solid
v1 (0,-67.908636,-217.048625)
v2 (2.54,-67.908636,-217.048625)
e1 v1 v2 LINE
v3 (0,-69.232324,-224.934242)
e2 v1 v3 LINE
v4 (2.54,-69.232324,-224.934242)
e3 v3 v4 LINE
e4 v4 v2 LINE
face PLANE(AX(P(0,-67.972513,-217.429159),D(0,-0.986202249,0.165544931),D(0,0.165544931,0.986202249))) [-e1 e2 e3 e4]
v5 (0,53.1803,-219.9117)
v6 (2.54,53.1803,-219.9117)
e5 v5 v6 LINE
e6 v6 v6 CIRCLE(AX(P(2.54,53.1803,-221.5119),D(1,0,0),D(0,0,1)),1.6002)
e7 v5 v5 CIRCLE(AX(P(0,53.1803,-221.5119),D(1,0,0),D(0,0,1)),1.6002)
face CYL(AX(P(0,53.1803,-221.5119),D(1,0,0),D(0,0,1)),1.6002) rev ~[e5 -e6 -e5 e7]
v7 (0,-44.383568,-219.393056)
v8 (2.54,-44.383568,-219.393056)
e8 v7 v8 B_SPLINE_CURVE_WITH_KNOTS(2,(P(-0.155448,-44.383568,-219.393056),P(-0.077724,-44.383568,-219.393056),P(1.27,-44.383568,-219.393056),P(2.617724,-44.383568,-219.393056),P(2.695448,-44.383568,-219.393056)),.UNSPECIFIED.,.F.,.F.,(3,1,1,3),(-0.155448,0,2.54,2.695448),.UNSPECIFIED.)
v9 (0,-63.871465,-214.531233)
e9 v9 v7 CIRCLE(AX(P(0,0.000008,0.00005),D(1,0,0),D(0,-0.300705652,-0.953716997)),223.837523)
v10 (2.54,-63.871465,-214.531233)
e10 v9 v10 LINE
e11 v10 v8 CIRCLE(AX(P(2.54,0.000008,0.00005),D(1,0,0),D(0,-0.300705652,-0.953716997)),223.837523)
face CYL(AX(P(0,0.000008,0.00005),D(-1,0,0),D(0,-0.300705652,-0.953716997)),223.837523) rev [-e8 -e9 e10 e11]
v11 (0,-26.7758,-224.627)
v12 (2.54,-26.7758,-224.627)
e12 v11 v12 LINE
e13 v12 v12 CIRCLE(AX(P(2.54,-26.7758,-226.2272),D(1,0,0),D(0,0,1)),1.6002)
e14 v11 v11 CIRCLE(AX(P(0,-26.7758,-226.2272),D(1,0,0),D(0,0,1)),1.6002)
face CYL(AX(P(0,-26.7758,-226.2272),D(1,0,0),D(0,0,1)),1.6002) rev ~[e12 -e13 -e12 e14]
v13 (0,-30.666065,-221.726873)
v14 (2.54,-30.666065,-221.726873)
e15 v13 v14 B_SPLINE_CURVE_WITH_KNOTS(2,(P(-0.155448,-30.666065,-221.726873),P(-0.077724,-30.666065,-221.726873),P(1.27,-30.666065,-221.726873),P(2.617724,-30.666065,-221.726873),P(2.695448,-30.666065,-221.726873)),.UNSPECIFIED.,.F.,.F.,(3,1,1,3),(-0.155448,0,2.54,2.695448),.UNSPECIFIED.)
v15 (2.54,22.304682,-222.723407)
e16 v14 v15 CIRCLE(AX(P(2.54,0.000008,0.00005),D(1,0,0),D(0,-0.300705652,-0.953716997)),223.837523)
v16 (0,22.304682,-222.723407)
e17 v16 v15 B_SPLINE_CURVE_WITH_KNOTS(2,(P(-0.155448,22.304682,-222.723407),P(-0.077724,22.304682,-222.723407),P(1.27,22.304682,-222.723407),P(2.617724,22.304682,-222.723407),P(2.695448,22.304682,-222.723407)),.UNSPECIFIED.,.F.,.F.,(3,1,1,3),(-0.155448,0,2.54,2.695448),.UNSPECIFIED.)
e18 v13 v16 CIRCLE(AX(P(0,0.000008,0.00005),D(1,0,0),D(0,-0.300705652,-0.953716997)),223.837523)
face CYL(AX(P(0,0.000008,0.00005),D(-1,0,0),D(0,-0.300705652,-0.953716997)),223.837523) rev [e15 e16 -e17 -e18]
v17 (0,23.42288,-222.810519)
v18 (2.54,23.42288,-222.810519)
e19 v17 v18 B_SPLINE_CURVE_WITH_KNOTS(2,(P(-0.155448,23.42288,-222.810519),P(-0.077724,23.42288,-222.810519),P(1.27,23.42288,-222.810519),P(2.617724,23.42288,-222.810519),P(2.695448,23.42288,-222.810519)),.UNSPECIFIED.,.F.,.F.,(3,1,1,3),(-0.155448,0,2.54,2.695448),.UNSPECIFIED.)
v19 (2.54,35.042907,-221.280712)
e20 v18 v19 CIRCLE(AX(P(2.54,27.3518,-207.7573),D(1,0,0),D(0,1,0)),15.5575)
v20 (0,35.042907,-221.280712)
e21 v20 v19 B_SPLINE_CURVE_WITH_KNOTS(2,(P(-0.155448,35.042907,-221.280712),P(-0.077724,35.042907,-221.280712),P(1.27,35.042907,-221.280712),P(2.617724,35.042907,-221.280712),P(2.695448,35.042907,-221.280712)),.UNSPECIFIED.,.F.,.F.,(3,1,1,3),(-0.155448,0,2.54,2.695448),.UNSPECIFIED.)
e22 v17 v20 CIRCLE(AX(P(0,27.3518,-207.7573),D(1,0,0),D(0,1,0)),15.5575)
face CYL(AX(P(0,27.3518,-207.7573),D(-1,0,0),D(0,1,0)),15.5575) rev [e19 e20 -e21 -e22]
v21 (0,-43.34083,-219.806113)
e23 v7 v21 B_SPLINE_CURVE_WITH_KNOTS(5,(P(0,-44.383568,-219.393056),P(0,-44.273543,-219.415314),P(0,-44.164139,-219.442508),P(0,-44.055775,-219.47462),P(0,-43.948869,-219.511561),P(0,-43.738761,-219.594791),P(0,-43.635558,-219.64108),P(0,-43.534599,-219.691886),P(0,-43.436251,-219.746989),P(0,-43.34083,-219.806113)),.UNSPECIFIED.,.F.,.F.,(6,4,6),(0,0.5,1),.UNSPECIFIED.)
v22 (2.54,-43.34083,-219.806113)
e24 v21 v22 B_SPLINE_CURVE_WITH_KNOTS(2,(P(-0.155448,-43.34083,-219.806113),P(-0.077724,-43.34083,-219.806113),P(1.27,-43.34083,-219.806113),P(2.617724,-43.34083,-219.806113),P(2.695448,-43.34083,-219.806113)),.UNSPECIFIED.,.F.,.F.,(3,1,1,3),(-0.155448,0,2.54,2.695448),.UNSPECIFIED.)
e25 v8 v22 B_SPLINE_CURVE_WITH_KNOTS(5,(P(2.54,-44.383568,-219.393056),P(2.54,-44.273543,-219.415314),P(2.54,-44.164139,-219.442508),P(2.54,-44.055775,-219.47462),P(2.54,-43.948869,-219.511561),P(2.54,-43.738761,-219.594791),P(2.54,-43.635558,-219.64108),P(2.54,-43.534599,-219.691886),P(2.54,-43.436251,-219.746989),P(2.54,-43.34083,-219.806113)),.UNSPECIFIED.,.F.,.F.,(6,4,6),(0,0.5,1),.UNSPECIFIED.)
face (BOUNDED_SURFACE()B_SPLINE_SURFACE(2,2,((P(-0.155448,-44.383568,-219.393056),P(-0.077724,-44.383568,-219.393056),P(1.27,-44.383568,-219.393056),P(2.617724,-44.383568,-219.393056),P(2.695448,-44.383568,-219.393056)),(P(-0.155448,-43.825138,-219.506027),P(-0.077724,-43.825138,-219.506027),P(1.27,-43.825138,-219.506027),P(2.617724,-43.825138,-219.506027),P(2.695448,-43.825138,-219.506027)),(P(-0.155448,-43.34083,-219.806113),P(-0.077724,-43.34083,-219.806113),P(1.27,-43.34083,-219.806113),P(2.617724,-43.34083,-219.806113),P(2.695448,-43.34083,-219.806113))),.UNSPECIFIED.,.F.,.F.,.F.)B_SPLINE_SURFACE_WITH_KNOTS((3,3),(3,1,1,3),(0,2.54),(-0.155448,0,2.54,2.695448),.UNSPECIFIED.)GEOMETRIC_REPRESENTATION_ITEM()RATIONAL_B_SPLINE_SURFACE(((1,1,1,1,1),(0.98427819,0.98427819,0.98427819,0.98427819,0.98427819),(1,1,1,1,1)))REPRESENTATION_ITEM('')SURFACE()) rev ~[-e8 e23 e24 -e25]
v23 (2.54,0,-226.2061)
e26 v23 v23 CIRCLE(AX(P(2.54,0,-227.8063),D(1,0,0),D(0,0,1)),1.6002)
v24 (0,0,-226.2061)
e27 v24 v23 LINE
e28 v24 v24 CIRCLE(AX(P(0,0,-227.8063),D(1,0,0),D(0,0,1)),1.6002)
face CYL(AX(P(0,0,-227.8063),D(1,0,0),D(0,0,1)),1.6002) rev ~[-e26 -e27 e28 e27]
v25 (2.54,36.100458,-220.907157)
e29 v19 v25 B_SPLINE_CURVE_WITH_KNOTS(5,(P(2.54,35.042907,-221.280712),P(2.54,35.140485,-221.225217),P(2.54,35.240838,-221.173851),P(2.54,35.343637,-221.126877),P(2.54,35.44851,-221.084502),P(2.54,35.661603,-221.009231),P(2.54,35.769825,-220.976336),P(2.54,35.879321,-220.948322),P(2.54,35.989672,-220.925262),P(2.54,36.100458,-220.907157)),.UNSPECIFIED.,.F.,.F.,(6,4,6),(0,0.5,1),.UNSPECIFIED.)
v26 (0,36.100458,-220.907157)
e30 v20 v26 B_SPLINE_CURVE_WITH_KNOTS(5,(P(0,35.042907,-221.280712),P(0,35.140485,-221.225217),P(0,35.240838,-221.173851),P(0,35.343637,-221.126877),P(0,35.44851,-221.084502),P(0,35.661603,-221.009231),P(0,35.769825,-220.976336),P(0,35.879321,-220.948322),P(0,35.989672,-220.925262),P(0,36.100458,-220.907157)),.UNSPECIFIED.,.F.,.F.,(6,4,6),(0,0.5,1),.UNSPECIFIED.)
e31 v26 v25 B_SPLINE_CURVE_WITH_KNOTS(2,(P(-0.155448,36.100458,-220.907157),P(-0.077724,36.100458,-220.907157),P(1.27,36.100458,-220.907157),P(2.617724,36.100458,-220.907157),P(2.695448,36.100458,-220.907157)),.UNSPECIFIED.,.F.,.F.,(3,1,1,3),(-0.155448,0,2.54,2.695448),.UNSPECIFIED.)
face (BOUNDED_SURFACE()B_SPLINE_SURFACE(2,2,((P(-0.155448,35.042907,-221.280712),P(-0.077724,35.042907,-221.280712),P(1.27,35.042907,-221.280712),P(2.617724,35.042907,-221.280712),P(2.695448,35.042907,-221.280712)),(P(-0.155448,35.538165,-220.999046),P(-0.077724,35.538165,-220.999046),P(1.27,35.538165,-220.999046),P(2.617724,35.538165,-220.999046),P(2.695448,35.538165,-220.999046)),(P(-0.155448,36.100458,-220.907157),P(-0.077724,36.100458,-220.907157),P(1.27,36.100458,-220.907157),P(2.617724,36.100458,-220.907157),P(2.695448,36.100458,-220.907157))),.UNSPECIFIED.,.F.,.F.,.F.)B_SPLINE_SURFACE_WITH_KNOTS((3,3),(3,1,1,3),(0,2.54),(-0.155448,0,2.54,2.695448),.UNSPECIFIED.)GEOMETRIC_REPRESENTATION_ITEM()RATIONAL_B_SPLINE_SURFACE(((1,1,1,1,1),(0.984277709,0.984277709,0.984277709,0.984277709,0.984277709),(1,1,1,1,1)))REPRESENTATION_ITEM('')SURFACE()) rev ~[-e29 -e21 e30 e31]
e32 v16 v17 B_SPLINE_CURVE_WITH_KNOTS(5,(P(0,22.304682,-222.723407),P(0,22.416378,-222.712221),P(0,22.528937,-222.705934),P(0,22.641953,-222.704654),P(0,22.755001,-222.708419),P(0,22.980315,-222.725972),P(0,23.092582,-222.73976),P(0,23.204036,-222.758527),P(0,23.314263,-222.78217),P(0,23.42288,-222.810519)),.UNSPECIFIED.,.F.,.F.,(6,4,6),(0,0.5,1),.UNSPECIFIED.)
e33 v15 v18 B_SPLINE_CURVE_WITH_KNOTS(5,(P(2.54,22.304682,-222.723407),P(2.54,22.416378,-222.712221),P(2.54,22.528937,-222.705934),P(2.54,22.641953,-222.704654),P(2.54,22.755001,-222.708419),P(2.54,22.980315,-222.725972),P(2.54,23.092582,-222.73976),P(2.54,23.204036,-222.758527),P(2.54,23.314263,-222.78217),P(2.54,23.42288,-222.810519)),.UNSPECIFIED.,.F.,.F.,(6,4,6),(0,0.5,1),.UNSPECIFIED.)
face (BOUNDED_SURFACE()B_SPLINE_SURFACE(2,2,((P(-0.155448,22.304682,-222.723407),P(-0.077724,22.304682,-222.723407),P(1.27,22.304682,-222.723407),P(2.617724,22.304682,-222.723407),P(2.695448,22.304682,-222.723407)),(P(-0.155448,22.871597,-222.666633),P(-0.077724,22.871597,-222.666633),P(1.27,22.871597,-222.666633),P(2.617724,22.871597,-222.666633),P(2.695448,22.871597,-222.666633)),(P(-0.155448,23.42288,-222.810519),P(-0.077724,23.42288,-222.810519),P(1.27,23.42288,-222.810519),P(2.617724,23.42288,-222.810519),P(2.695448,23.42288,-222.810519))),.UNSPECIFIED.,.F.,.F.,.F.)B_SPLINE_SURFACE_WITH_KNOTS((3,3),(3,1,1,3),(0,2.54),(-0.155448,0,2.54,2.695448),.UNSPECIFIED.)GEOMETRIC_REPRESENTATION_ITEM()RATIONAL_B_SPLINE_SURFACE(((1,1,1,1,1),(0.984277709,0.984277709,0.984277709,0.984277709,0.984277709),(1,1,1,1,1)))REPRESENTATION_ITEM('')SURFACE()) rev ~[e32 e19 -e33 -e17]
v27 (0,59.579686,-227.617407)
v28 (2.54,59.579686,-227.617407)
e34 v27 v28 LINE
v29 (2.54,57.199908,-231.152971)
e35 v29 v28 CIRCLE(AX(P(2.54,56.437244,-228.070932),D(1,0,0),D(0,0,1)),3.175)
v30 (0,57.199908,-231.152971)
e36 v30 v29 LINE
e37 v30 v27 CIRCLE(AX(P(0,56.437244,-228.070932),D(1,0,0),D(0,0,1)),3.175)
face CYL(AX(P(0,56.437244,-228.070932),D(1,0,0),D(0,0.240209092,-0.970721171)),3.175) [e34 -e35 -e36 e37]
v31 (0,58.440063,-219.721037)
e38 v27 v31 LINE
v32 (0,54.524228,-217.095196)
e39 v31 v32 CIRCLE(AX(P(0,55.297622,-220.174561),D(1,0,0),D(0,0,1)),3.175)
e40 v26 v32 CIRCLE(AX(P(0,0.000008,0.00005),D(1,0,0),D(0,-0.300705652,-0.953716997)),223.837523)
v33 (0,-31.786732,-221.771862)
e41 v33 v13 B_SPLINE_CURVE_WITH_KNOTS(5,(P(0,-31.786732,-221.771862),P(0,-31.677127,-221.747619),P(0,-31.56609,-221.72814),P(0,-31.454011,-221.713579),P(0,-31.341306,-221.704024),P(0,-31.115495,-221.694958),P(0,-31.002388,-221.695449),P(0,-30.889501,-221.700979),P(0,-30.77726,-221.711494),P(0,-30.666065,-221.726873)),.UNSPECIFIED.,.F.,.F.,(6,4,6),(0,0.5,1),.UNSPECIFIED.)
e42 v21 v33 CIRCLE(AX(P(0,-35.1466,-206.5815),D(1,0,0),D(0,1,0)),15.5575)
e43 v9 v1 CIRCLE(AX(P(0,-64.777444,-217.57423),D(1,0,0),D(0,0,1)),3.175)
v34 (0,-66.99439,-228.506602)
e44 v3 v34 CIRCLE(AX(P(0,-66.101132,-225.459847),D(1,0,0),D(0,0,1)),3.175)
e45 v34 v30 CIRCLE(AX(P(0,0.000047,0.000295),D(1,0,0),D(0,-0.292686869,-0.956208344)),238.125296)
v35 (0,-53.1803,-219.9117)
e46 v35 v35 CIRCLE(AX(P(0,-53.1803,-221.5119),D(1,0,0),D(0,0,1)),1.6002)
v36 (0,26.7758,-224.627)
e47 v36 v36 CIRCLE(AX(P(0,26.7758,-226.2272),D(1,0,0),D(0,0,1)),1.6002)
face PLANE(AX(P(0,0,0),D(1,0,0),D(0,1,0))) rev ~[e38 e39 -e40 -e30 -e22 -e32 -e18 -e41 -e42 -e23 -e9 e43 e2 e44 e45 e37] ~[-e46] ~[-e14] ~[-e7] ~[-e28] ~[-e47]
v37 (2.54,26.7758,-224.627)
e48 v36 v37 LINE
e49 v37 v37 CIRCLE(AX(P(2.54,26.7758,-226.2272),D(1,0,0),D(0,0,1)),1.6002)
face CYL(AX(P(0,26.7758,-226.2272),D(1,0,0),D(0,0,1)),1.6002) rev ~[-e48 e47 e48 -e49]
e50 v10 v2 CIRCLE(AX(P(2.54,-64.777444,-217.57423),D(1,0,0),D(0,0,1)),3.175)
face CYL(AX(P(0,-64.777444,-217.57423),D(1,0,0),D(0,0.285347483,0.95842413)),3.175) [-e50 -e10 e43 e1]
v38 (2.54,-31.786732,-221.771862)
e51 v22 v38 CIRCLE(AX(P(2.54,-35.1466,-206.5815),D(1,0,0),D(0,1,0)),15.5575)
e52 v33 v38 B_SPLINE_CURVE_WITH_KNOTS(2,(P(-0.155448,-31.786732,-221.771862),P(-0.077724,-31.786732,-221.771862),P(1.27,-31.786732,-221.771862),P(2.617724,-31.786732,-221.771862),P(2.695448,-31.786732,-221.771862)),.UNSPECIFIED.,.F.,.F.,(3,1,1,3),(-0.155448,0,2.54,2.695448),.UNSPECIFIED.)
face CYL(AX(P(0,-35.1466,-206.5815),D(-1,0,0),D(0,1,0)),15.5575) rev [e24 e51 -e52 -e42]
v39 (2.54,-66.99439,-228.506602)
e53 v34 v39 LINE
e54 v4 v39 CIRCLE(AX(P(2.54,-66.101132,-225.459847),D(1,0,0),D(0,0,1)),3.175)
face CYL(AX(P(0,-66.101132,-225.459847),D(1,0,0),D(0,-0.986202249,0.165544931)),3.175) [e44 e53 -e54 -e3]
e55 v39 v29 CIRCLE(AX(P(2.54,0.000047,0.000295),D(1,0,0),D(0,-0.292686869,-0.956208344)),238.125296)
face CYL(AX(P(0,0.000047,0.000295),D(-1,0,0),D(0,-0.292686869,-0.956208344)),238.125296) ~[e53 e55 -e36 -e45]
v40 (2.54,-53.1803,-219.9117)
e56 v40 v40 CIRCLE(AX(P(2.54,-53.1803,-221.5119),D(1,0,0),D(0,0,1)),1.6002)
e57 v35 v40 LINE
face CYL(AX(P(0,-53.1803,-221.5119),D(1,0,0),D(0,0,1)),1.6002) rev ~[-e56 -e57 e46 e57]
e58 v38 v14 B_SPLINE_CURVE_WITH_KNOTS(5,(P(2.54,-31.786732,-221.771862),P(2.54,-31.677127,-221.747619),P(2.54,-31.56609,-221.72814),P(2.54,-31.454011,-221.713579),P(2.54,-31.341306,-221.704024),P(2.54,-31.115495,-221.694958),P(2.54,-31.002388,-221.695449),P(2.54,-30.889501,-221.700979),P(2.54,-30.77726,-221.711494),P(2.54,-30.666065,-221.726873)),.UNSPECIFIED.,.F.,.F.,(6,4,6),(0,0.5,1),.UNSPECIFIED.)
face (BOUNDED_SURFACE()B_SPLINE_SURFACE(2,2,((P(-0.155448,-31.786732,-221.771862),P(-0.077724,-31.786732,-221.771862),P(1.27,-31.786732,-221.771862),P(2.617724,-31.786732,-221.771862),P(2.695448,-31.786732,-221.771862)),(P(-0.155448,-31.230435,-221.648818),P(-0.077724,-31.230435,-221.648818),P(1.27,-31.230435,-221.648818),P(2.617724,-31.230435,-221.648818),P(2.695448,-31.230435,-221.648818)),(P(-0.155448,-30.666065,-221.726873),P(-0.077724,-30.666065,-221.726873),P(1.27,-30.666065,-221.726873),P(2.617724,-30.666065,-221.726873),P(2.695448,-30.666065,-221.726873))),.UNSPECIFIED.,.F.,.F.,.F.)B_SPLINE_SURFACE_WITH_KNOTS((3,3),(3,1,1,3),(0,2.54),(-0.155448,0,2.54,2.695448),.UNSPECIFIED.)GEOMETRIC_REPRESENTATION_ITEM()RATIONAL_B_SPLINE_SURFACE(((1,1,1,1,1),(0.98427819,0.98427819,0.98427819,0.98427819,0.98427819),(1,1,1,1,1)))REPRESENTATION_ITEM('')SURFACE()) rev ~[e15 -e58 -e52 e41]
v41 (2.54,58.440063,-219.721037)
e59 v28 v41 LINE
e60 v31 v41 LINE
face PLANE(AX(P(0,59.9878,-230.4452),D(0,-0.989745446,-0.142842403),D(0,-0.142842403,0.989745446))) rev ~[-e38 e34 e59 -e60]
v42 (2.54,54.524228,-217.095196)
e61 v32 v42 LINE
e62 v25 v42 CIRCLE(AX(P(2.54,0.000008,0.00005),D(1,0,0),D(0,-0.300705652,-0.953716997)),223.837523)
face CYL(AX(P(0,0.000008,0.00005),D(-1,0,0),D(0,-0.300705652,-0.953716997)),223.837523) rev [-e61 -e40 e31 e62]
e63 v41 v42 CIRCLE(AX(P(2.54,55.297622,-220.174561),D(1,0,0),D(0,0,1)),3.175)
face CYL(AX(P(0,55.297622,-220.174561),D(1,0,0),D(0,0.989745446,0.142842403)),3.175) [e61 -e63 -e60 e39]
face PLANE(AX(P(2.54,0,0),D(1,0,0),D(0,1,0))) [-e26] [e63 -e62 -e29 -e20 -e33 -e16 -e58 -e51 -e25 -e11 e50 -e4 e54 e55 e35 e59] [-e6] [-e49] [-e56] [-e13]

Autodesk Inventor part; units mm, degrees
ref_plane "YZ Plane" through (0, 0, 0) normal (1, 0, 0) x (0, 1, 0)
ref_plane "XZ Plane" through (0, 0, 0) normal (0, 1, 0) x (-1, 0, 0)
ref_plane "XY Plane" through (0, 0, 0) normal (0, 0, 1) x (1, 0, 0)
sketch "Sketch1" plane through (0, 0, 0) normal (1, 0, 0) x (0, 1, 0)
  arc A0 (-67.3092, -213.4776) -> (57.9334, -216.2104) centre (0, 0) ccw
  arc A1 (-69.6961, -221.0477) -> (59.9878, -223.8775) centre (0, 0) ccw construction
  line L0 (0, 0) -> (-69.6961, -221.0477) construction
  line L1 (0, 0) -> (59.9878, -223.8775) construction
  line L2 (59.9878, -223.8775) -> (57.9334, -216.2104) construction
  line L3 (0, -287.3347) -> (0, 47.8891) construction
  arc A2 (-69.6961, -227.6971) -> (59.9878, -230.4452) centre (0, 0) ccw
  arc A3 (-68.5027, -217.2627) -> (58.9606, -220.0439) centre (0, 0) ccw construction
  arc A4 (-68.5027, -217.2627) -> (-53.1803, -221.5119) centre (0, 0) ccw
  line L4 (-53.1803, -221.5119) -> (0, 0) construction
  arc A5 (-35.1466, -206.5815) -> (27.3518, -207.7573) centre (0, 0) ccw construction
  line L5 (0, 0) -> (27.3518, -207.7573) construction
  line L6 (0, 0) -> (209.55, 0) construction
  circle A6 centre (27.3518, -207.7573) radius 15.5575
  circle A7 centre (-35.1466, -206.5815) radius 15.5575
  line L7 (59.9878, -230.4452) -> (57.9334, -216.2104)
  line L8 (-69.6961, -227.6971) -> (-67.3092, -213.4776)
  point P0 (-26.7758, -226.2272)
  point P1 (0, -227.8063)
  point P2 (26.7758, -226.2272)
  point P3 (53.1803, -221.5119)
  point P4 (35.5128, -221.0024)
  point P5 (22.8969, -222.6633)
  point P6 (-31.2556, -221.6446)
  point P7 (-43.8, -219.5103)
  dimension "d0" = 223.8375
  dimension "d1" = 231.775
  dimension "d2" = 32.5
  dimension "d3" = 15
  dimension "d4" = 238.125
  dimension "d5" = 4
  dimension "d8" = 27
  dimension "d19" = 209.55
  dimension "d20" = 82.5
  dimension "d21" = 62.5094
  dimension "d22" = 31.115
  dimension "d23" = 31.115
extrude "Extrusion1" add sketch "Sketch1" along normal blind 2.54 contours A0 A7 A6 L7 A2 L8
hole "Hole1" at (0, -53.1803, -221.5119) at (0, -26.7758, -226.2272) at (0, 0, -227.8063) at (0, 26.7758, -226.2272) at (0, 53.1803, -221.5119) direction (1, 0, 0) diameter 3.2004 end through all clearance for "Flat Head Machine Screw" size "M3" standard "Ansi Metric M Profile"
fillet "Fillet1" radius 3.175 8 edges at (1.27, 57.9334, -216.2104) (1.27, 59.9878, -230.4452) (1.27, 35.5128, -221.0024) (1.27, 22.8969, -222.6633) (1.27, -31.2556, -221.6446) (1.27, -43.8, -219.5103) (1.27, -67.3092, -213.4776) (1.27, -69.6961, -227.6971)
properties part number "3DPRINT,HOOD,ALIGNMENT,PLATES" material "Nylon 6/6"
